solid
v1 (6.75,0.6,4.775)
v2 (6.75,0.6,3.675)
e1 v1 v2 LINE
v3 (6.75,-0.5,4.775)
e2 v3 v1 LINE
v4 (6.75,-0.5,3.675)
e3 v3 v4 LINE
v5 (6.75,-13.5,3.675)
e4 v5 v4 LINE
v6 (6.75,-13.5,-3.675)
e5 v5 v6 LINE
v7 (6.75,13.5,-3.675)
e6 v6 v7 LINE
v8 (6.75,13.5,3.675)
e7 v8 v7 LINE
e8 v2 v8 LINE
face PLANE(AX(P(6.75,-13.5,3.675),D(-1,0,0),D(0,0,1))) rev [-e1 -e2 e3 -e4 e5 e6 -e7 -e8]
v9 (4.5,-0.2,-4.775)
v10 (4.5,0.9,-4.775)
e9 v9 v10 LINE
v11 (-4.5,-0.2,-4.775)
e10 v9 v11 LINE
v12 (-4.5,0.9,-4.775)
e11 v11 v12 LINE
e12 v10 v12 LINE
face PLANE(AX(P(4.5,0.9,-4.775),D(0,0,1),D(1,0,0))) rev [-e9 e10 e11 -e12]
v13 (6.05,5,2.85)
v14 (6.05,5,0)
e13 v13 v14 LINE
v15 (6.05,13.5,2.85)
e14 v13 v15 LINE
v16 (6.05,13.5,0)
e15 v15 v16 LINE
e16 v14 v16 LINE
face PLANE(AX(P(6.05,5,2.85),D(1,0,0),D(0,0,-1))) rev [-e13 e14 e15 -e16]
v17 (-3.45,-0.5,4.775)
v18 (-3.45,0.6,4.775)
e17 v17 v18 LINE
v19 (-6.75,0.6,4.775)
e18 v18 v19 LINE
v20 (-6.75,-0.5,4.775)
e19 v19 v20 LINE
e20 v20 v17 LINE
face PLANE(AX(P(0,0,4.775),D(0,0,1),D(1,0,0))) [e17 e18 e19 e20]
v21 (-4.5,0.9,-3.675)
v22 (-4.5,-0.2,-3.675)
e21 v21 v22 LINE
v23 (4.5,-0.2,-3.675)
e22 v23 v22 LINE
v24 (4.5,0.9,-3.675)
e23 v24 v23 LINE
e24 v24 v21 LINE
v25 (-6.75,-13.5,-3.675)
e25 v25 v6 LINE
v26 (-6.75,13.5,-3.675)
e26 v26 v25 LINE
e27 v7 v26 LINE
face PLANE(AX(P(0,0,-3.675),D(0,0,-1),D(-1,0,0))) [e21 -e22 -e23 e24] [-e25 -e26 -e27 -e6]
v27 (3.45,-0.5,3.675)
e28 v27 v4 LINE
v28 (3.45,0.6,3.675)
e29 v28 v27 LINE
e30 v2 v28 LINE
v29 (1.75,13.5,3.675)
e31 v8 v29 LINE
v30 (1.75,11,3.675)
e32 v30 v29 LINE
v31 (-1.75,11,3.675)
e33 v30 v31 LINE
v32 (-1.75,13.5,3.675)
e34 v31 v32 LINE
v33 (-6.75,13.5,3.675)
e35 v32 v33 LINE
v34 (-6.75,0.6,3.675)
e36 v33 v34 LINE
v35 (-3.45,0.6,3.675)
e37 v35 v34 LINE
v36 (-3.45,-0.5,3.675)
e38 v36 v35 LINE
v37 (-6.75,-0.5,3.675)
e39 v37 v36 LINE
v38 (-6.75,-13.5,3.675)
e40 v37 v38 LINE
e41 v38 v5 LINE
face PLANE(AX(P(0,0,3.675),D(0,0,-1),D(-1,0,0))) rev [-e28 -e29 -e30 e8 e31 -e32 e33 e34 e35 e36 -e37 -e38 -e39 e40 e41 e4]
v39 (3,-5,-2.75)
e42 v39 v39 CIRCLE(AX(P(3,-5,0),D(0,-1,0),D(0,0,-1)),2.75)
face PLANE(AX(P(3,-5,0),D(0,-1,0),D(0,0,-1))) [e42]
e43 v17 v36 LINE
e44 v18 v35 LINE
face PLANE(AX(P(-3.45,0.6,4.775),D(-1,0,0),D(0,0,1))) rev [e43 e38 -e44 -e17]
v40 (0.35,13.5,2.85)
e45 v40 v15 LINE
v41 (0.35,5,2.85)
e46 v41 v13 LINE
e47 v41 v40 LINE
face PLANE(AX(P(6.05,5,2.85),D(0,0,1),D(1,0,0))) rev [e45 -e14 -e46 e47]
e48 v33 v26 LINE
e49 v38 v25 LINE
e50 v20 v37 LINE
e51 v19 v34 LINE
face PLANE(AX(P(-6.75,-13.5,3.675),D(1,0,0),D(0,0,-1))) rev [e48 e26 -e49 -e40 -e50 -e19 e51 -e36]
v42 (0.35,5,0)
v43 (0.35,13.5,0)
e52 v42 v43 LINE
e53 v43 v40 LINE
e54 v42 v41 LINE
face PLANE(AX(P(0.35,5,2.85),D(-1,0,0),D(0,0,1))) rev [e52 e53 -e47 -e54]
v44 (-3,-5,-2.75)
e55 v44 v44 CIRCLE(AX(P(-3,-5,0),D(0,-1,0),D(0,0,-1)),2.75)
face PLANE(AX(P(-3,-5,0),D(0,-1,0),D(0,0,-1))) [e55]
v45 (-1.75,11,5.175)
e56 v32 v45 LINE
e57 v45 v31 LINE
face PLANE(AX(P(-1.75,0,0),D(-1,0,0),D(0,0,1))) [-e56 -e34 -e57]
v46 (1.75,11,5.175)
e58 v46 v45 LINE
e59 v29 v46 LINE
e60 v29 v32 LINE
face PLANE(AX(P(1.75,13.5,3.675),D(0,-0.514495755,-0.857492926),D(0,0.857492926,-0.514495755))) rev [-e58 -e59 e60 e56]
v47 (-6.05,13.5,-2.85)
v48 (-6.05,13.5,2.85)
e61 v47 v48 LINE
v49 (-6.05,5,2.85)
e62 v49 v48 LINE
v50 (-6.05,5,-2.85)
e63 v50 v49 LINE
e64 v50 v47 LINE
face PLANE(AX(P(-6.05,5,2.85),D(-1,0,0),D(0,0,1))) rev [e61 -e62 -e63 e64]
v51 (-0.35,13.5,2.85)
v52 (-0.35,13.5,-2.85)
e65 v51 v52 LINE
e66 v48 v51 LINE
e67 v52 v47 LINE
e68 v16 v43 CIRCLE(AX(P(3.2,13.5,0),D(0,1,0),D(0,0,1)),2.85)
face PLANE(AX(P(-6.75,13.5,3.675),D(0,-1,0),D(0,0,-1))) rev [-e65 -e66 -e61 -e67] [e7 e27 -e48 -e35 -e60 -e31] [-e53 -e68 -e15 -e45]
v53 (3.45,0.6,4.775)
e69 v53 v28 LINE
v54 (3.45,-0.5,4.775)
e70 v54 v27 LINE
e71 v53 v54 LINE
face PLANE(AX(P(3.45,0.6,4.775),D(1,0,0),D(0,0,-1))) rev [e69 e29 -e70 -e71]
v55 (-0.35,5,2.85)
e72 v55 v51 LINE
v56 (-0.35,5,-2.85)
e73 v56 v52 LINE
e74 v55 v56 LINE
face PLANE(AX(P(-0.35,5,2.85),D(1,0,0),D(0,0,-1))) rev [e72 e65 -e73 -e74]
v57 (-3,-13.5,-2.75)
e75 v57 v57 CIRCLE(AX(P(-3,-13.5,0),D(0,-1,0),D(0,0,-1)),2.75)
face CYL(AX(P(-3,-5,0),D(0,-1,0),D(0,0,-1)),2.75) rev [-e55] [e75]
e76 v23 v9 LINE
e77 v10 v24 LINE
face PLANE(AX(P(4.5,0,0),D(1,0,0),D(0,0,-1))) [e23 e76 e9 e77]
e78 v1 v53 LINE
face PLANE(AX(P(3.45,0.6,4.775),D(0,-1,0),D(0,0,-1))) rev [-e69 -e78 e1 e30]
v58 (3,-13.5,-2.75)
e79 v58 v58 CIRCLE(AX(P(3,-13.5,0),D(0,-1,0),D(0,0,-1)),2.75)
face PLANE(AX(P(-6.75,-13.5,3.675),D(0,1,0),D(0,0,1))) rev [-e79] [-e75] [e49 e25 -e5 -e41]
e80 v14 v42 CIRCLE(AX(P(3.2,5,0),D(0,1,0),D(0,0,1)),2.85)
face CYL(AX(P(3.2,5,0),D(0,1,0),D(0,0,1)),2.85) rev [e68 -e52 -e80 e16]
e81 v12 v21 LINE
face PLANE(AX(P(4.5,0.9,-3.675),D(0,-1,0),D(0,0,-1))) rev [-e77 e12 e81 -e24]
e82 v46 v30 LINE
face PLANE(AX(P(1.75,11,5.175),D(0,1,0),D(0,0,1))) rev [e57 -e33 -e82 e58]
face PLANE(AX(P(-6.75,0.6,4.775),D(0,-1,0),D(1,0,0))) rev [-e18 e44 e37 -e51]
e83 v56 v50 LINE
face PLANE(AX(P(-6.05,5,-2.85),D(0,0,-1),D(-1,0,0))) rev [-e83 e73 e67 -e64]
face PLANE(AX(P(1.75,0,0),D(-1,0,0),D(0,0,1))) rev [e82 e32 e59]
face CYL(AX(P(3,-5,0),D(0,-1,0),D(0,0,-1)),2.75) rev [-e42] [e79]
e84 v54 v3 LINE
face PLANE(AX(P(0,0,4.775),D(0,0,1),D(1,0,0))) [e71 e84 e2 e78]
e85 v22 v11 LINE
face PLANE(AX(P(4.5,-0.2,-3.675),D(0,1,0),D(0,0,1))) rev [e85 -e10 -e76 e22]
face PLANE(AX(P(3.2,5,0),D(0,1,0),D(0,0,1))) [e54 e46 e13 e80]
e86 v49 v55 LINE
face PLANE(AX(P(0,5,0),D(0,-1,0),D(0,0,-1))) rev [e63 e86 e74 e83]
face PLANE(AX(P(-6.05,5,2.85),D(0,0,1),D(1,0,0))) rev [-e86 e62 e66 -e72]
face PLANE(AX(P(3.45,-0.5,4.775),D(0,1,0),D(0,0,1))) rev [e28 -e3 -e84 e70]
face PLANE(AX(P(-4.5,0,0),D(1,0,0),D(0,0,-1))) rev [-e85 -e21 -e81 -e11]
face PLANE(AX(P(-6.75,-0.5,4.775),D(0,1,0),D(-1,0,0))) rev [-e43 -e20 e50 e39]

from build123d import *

# Parameters (mm, degrees)
SKETCH1_W                = 13.5
SKETCH1_H                = 27
MAIN_DEPTH               = 3.675
SKETCH2_R                = 2.75
BACKCABLEHOLE_DEPTH      = 8.5
SKETCH3_W                = 5.7
SKETCH3_H                = 5.7
FRONTCONNECTORHOLE_DEPTH = 8.5
MAINHOOK_DEPTH           = 1.75
SKETCH5_W                = 1.1
SKETCH5_H                = 1.1
BOTTOMLINE_DEPTH         = 4.5
SKETCH6_W                = 3.3
SKETCH6_H                = 1.1
SIDEHOOK_DEPTH           = 1.1


with BuildPart() as part:
    # Sketch1 → Main (new body, symmetric)
    with BuildSketch(Plane.XY):
        Rectangle(SKETCH1_W, SKETCH1_H)
    extrude(amount=MAIN_DEPTH, both=True)

    # Sketch2 → BackCableHole (cut)
    with BuildSketch(Plane(origin=(0, -13.5, 0), x_dir=(-1, 0, 0), z_dir=(0, -1, 0))):
        with Locations((3, 0)):
            Circle(SKETCH2_R)
        with Locations((-3, 0)):
            Circle(SKETCH2_R)
    extrude(amount=-BACKCABLEHOLE_DEPTH, mode=Mode.SUBTRACT)

    # Sketch3 → FrontConnectorHole (cut)
    with BuildSketch(Plane(origin=(0, 13.5, 0), x_dir=(1, 0, 0), z_dir=(0, 1, 0))):
        with Locations((-3.2, 0)):
            Rectangle(SKETCH3_W, SKETCH3_H)
        with BuildLine():
            Line((6.05, -2.85), (0.35, -2.85))
            Line((0.35, -2.85), (0.35, 0))
            ThreePointArc((0.35, 0), (3.2, 2.85), (6.05, 0))
            Line((6.05, 0), (6.05, -2.85))
        make_face()
    extrude(amount=-FRONTCONNECTORHOLE_DEPTH, mode=Mode.SUBTRACT)

    # Sketch4 → MainHook (add, symmetric)
    with BuildSketch(Plane(origin=(0, 0, 0), x_dir=(0, 0, -1), z_dir=(1, 0, 0))):
        Polygon((-3.675, 13.5), (-5.175, 11), (-3.675, 11), align=None)
    extrude(amount=MAINHOOK_DEPTH, both=True)

    # Sketch5 → BottomLine (add, symmetric)
    with BuildSketch(Plane(origin=(0, 0, 0), x_dir=(0, 0, -1), z_dir=(1, 0, 0))):
        with Locations((4.225, 0.35)):
            Rectangle(SKETCH5_W, SKETCH5_H)
    extrude(amount=BOTTOMLINE_DEPTH, both=True)

    # Sketch6 → SideHook (add)
    with BuildSketch(Plane.XY.offset(3.675)):
        with Locations((-5.1, 0.05)):
            Rectangle(SKETCH6_W, SKETCH6_H)
        with Locations((5.1, 0.05)):
            Rectangle(SKETCH6_W, SKETCH6_H)
    extrude(amount=SIDEHOOK_DEPTH)


solid = part.part
